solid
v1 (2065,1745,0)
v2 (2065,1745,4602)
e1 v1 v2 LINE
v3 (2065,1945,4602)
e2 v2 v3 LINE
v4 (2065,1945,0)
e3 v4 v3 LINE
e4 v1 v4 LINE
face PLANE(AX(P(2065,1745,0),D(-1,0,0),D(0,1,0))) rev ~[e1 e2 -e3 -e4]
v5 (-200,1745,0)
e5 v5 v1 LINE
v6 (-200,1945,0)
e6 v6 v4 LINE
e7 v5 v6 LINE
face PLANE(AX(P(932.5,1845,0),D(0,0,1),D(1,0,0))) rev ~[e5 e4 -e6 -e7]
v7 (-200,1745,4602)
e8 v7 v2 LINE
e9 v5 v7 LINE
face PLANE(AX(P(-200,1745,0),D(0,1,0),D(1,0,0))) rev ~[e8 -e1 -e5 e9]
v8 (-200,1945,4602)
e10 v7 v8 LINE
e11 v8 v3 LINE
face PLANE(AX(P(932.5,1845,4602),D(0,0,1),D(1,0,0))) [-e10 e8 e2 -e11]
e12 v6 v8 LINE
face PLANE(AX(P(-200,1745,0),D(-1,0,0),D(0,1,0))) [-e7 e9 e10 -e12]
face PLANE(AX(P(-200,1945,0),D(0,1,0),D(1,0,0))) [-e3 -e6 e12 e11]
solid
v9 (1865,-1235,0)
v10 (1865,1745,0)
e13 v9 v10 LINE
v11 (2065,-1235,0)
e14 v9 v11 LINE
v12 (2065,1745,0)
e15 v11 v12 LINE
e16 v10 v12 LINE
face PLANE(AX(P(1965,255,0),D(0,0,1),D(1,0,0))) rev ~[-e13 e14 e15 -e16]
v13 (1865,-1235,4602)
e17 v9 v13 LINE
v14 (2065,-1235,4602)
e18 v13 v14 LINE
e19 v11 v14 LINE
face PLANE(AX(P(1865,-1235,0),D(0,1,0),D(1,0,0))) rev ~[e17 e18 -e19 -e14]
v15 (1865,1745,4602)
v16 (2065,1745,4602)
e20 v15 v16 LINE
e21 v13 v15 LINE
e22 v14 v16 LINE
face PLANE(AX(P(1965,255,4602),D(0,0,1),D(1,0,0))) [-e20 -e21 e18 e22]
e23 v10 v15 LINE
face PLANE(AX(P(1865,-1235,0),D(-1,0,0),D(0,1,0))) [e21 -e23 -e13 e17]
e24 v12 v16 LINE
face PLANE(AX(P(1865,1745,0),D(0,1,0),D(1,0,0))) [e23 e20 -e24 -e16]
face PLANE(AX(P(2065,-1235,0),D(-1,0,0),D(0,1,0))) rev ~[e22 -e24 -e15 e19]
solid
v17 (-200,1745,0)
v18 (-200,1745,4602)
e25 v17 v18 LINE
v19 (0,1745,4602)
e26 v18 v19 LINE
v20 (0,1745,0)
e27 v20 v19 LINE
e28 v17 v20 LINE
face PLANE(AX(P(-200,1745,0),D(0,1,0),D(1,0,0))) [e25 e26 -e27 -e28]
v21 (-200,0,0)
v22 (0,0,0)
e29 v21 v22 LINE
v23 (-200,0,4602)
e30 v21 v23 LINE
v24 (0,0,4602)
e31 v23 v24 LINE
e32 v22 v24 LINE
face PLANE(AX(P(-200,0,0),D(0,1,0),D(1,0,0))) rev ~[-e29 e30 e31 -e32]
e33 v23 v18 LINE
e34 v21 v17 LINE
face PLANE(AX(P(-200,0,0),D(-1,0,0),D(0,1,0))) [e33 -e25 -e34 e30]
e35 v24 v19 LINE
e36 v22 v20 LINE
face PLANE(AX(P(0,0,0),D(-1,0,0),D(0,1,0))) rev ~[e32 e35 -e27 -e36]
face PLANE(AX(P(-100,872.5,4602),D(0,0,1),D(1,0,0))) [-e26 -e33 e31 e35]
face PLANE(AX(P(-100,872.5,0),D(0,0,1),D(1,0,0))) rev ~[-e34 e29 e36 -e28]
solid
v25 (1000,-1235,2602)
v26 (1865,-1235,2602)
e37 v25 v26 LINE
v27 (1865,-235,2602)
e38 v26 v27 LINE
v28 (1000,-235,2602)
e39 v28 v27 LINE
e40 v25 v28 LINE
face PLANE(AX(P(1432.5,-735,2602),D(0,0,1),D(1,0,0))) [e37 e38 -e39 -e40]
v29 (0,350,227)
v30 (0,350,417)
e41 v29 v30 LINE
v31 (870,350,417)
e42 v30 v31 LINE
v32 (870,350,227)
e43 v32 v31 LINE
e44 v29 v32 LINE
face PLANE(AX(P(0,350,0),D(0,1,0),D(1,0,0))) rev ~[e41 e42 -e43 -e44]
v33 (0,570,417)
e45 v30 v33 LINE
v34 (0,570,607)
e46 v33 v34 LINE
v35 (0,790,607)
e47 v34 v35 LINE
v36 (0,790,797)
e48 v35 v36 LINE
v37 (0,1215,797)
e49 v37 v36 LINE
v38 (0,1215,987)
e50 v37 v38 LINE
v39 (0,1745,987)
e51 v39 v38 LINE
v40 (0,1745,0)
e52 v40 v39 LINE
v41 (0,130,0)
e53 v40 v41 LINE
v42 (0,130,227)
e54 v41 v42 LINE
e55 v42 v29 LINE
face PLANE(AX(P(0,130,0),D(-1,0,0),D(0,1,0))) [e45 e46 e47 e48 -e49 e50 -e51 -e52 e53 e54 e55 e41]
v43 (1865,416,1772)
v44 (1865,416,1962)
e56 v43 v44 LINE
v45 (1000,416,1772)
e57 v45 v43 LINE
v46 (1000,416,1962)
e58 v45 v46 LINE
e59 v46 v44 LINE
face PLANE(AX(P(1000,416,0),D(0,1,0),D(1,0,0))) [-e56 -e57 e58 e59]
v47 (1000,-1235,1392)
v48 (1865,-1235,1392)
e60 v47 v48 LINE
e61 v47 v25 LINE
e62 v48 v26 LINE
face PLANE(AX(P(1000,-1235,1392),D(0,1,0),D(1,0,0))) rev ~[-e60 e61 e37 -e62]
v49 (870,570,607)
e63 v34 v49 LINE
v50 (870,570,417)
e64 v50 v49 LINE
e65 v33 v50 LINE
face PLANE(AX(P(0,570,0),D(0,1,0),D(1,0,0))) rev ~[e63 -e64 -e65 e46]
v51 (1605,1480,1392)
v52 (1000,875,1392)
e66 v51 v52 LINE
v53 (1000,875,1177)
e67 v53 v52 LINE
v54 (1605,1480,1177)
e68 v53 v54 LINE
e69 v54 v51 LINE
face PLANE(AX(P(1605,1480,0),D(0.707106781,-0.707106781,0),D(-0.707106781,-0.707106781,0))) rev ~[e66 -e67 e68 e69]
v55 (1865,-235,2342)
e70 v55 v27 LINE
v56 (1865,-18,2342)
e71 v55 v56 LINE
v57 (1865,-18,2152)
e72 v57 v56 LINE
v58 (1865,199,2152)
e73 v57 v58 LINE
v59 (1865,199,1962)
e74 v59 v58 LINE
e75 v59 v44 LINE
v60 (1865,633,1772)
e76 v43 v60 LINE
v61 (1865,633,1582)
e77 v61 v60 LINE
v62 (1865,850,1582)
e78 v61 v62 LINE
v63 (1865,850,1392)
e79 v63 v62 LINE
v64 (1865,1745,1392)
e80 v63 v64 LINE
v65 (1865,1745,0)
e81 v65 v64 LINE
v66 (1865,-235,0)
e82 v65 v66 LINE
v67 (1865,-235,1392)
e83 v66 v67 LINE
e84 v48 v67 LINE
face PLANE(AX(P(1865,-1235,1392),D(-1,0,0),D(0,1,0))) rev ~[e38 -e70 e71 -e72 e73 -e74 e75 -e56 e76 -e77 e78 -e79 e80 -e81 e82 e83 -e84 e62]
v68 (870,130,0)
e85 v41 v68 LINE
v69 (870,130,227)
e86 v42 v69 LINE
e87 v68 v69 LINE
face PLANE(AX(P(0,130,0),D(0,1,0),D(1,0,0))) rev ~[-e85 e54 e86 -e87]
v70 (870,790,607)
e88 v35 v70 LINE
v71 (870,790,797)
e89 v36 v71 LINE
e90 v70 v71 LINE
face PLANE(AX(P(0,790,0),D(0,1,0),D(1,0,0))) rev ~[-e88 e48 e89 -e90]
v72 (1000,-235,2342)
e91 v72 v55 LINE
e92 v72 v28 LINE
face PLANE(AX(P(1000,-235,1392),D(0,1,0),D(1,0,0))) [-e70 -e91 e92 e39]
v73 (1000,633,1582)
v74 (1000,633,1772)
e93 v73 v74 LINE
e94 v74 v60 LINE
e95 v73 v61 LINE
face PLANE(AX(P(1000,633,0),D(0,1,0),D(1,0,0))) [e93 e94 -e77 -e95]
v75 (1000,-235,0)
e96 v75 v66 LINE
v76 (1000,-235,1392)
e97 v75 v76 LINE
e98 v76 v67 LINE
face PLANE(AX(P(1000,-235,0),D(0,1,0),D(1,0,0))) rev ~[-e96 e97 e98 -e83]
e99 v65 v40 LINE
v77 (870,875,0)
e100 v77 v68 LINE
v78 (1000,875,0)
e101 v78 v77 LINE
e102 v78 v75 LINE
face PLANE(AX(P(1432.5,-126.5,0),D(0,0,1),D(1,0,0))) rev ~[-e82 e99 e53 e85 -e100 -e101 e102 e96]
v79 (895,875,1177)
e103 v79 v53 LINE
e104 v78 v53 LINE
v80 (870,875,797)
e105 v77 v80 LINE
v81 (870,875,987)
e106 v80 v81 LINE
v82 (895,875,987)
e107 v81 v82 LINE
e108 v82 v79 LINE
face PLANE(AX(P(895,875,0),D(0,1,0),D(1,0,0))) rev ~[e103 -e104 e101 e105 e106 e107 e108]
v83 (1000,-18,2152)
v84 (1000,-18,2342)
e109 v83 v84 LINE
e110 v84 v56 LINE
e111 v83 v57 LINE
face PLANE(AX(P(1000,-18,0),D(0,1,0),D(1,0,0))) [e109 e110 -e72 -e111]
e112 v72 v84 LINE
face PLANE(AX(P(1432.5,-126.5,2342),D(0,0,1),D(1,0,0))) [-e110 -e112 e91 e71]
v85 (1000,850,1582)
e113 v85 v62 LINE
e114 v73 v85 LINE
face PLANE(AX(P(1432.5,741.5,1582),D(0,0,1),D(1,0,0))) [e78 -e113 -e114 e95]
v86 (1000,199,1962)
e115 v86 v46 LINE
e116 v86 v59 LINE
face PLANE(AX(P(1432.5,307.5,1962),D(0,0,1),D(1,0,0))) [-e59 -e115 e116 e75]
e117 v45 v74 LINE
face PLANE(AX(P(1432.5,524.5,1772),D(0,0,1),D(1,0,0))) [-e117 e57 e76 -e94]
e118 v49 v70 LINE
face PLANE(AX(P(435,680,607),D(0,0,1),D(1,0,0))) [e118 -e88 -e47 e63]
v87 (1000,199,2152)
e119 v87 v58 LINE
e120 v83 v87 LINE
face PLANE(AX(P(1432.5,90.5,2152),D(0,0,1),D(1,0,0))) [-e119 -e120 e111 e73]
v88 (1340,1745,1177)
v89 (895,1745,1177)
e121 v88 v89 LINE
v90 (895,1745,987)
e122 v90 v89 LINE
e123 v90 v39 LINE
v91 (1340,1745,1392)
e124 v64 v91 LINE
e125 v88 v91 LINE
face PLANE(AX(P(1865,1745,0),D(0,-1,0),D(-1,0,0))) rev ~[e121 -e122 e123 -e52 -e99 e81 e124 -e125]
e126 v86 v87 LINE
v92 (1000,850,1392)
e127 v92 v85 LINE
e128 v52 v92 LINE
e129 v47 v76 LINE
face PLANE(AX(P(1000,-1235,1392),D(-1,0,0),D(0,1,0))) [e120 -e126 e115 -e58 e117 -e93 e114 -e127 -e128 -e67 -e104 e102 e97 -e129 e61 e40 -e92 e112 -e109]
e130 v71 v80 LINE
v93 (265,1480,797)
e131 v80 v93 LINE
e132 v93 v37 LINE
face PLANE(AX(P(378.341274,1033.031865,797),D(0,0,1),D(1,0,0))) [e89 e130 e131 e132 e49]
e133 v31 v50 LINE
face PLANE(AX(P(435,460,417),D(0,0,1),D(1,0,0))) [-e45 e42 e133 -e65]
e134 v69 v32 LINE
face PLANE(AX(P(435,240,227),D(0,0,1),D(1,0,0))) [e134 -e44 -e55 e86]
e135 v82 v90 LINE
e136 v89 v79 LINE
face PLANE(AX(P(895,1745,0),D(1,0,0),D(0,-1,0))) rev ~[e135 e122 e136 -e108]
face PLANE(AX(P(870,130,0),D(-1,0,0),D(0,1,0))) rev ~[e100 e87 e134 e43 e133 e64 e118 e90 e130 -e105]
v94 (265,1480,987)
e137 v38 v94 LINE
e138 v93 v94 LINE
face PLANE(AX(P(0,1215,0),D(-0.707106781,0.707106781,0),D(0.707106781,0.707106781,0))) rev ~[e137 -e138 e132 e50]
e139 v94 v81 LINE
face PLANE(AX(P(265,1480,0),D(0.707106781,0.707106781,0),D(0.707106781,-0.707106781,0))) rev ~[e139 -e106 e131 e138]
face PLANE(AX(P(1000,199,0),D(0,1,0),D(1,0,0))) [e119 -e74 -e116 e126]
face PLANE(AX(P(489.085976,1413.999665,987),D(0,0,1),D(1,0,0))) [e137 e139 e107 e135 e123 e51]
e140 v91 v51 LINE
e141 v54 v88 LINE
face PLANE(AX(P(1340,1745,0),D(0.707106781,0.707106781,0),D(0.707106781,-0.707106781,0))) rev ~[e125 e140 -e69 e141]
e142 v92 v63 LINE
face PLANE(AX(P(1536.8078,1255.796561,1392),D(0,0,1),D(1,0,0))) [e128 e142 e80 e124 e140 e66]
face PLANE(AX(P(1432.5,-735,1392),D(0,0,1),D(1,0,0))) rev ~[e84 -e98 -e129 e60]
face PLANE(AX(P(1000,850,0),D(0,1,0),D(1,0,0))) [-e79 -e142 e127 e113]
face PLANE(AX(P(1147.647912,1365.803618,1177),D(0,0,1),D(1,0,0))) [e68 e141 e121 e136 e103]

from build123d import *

# Parameters (mm, degrees)
F1_DEPTH  = 987
F2_DEPTH  = 797
F0_W      = 870
F0_H      = 220
F3_DEPTH  = 607
F4_DEPTH  = 417
F5_DEPTH  = 227
F6_DEPTH  = 1177
F7_DEPTH  = 1392
F0_W_2    = 865
F0_H_2    = 217
F8_DEPTH  = 1582
F9_DEPTH  = 1772
F10_DEPTH = 1962
F11_DEPTH = 2152
F12_DEPTH = 2342
F13_W     = 865
F13_H     = 1000
F14_DEPTH = 1210
F15_W     = 200
F15_H     = 1745
F16_DEPTH = 4602
F17_W     = 200
F17_H     = 2980
F18_DEPTH = 4602
F19_W     = 2265
F19_H     = 200
F20_DEPTH = 4602


with BuildPart() as f1:
    # F0 (on Top) → F1 (new body)
    with BuildSketch(Plane.XY):
        Polygon((0, 1745), (0, 1215), (265, 1480), (870, 875), (895, 875), (895, 1745), align=None)
    extrude(amount=F1_DEPTH)

    # F0 (on Top) → F2 (join, through all)
    with BuildSketch(Plane.XY):
        Polygon((0, 1215), (0, 790), (870, 790), (870, 875), (265, 1480), align=None)
    extrude(amount=F2_DEPTH)

    # F0 (on Top) → F3 (join, through all)
    with BuildSketch(Plane.XY):
        with Locations((435, 680)):
            Rectangle(F0_W, F0_H)
    extrude(amount=F3_DEPTH)

    # F0 (on Top) → F4 (join, through all)
    with BuildSketch(Plane.XY):
        with Locations((435, 460)):
            Rectangle(F0_W, F0_H)
    extrude(amount=F4_DEPTH)

    # F0 (on Top) → F5 (join, through all)
    with BuildSketch(Plane.XY):
        with Locations((435, 240)):
            Rectangle(F0_W, F0_H)
    extrude(amount=F5_DEPTH)

    # F0 (on Top) → F6 (join, through all)
    with BuildSketch(Plane.XY):
        Polygon((1340, 1745), (895, 1745), (895, 875), (1000, 875), (1605, 1480), align=None)
    extrude(amount=F6_DEPTH)

    # F0 (on Top) → F7 (join, through all)
    with BuildSketch(Plane.XY):
        Polygon((1865, 1745), (1340, 1745), (1605, 1480), (1000, 875), (1000, 850), (1865, 850), align=None)
    extrude(amount=F7_DEPTH)

    # F0 (on Top) → F8 (join, through all)
    with BuildSketch(Plane.XY):
        with Locations((1432.5, 741.5)):
            Rectangle(F0_W_2, F0_H_2)
    extrude(amount=F8_DEPTH)

    # F0 (on Top) → F9 (join, through all)
    with BuildSketch(Plane.XY):
        with Locations((1432.5, 524.5)):
            Rectangle(F0_W_2, F0_H_2)
    extrude(amount=F9_DEPTH)

    # F0 (on Top) → F10 (join, through all)
    with BuildSketch(Plane.XY):
        with Locations((1432.5, 307.5)):
            Rectangle(F0_W_2, F0_H_2)
    extrude(amount=F10_DEPTH)

    # F0 (on Top) → F11 (join, through all)
    with BuildSketch(Plane.XY):
        with Locations((1432.5, 90.5)):
            Rectangle(F0_W_2, F0_H_2)
    extrude(amount=F11_DEPTH)

    # F0 (on Top) → F12 (join, through all)
    with BuildSketch(Plane.XY):
        with Locations((1432.5, -126.5)):
            Rectangle(F0_W_2, F0_H_2)
    extrude(amount=F12_DEPTH)

    # F13 (on face) → F14 (join)
    with BuildSketch(Plane.XY.offset(1392)):
        with Locations((1432.5, -735)):
            Rectangle(F13_W, F13_H)
    extrude(amount=F14_DEPTH)


with BuildPart() as f16:
    # F15 (on Top) → F16 (new body, through all)
    with BuildSketch(Plane.XY):
        with Locations((-100, 872.5)):
            Rectangle(F15_W, F15_H)
    extrude(amount=F16_DEPTH)


with BuildPart() as f18:
    # F17 (on Top) → F18 (new body, through all)
    with BuildSketch(Plane.XY):
        with Locations((1965, 255)):
            Rectangle(F17_W, F17_H)
    extrude(amount=F18_DEPTH)


with BuildPart() as f20:
    # F19 (on Top) → F20 (new body, through all)
    with BuildSketch(Plane.XY):
        with Locations((932.5, 1845)):
            Rectangle(F19_W, F19_H)
    extrude(amount=F20_DEPTH)


solid = Compound([f1.part, f16.part, f18.part, f20.part])
